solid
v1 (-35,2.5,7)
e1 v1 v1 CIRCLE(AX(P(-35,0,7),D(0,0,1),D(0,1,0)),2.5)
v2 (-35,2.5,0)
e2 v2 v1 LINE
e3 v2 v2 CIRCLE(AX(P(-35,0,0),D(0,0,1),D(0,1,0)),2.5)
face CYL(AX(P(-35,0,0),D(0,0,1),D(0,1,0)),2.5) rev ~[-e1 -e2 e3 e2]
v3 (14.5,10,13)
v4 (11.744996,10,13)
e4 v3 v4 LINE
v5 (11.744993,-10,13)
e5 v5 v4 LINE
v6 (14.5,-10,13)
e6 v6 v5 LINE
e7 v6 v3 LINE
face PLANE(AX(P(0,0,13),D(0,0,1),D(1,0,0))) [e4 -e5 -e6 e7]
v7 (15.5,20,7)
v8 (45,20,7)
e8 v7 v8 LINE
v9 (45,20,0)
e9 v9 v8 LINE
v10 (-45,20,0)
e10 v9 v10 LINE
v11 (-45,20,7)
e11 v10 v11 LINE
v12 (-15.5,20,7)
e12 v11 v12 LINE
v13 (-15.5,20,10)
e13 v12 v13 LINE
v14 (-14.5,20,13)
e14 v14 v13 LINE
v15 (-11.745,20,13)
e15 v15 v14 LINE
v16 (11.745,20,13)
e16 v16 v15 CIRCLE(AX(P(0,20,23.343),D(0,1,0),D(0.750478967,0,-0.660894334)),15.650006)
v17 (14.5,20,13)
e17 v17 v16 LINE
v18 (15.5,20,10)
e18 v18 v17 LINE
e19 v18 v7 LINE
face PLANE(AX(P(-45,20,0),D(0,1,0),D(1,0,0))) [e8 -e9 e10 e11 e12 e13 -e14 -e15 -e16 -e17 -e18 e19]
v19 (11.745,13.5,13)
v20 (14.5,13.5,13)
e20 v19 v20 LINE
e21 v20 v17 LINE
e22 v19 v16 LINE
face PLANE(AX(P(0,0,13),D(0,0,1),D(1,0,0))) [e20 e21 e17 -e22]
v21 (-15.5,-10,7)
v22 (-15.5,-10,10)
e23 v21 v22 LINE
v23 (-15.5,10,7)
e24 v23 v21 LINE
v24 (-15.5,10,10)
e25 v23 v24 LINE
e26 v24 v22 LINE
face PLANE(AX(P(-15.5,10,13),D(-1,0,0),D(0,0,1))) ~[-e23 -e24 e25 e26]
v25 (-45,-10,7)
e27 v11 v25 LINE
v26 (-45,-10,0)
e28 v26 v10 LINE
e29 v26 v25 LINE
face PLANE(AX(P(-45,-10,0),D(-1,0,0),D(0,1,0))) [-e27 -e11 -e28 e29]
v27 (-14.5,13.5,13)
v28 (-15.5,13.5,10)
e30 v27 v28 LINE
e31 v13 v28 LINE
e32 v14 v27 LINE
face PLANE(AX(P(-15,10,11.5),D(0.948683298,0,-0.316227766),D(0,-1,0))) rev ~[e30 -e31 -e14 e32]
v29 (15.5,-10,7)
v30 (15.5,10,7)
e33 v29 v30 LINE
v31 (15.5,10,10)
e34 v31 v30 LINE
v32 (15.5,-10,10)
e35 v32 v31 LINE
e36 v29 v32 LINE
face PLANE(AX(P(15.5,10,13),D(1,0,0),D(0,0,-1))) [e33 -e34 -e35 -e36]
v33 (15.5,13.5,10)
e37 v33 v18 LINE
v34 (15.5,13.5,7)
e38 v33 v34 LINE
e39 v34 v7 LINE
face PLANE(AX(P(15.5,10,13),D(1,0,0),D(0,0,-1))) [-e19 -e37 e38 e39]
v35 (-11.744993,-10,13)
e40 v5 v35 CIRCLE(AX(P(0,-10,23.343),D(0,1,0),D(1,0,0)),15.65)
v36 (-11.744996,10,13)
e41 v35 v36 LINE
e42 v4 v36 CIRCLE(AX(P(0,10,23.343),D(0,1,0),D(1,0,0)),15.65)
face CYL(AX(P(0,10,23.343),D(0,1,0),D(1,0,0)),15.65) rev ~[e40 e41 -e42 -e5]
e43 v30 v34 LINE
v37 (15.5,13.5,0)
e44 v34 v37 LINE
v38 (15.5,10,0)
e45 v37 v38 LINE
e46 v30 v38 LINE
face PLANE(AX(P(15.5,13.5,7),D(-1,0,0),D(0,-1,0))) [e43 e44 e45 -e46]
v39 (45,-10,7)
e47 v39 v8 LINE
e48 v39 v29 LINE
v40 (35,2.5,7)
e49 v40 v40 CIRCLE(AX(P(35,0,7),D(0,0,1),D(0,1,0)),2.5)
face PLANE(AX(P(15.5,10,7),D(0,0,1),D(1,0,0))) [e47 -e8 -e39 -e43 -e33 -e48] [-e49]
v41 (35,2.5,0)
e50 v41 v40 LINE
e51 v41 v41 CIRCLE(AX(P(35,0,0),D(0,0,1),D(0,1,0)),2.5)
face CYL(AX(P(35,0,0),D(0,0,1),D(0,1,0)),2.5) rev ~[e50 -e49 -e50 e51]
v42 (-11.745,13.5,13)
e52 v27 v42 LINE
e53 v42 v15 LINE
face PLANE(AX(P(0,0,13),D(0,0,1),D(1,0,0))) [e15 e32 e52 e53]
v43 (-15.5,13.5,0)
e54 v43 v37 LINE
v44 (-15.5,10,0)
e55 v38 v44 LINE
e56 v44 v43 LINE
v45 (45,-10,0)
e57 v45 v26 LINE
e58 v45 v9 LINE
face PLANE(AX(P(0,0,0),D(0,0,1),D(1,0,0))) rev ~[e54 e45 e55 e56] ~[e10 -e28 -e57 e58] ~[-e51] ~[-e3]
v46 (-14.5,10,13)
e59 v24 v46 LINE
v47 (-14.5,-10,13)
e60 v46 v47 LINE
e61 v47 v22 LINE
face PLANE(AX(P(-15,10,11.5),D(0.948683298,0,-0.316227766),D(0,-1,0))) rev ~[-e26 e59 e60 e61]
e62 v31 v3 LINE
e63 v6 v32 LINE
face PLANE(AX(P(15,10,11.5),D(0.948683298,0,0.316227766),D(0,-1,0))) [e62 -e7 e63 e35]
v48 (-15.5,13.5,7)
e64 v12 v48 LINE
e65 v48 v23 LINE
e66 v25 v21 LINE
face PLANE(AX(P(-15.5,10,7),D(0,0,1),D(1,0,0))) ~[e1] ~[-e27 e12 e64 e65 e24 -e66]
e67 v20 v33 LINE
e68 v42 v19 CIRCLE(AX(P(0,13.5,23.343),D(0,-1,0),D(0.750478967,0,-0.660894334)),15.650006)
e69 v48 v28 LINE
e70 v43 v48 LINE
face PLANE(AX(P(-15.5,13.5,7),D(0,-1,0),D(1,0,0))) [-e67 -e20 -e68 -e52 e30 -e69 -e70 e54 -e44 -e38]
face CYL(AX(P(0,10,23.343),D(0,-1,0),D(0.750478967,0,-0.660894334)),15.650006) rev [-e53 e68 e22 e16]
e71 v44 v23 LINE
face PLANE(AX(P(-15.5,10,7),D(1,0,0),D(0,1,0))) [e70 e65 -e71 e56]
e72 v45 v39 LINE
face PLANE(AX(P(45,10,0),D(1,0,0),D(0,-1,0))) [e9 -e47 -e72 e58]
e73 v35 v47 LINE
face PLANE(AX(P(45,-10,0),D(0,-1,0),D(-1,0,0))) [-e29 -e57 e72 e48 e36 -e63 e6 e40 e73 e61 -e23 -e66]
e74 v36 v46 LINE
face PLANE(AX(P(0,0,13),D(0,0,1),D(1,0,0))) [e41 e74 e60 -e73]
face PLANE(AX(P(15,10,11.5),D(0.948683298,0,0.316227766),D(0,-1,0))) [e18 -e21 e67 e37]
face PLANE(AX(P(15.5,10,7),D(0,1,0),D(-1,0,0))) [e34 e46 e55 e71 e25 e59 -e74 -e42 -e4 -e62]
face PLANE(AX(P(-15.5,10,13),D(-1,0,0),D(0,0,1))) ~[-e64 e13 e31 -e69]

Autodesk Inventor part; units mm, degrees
ref_plane "YZ Plane" through (0, 0, 0) normal (1, 0, 0) x (0, 1, 0)
ref_plane "XZ Plane" through (0, 0, 0) normal (0, 1, 0) x (-1, 0, 0)
ref_plane "XY Plane" through (0, 0, 0) normal (0, 0, 1) x (1, 0, 0)
sketch "Sketch1" plane through (0, 0, 0) normal (0, 0, 1) x (1, 0, 0)
  line L0 (-45, 10) -> (45, 10)
  line L1 (45, 10) -> (45, -10)
  line L2 (45, -10) -> (-45, -10)
  line L3 (-45, -10) -> (-45, 10)
  point P0 (0, 0)
  point P1 (0, 10)
  point P2 (-45, 0)
  dimension "d0" = 20
  dimension "d1" = 90
extrude "Extrusion1" add sketch "Sketch1" along normal blind 13
sketch "Sketch3" plane through (-45, 10, 0) normal (0, 1, 0) x (1, 0, 0)
  line L0 (90, 0) -> (90, -13) projected
  line L1 (90, -13) -> (0, -13) projected
  line L2 (90, -13) -> (60.5, -13)
  line L3 (60.5, -13) -> (60.5, -7)
  line L4 (60.5, -7) -> (90, -7)
  line L5 (90, -7) -> (90, -13)
  point P0 (45, 0)
  point P1 (60.5, -13)
  dimension "d8" = 6
  dimension "d20" = 15.5
extrude "Extrusion2" cut sketch "Sketch3" against normal through all
mirror "Mirror1" about plane through (0, 0, 0) normal (1, 0, 0) of "Extrusion2"
sketch "Sketch4" plane through (-45, 10, 0) normal (0, 1, 0) x (1, 0, 0)
  line L0 (42, -26.343) -> (42, -14.343)
  line L1 (48, -22.843) -> (48, -17.843)
  line L2 (45, -24.843) -> (45, -15.843)
  line L3 (39, -27.343) -> (39, -13.343)
  line L4 (8, -14.343) -> (8, -26.343)
  line L5 (11, -13.343) -> (11, -27.343)
  line L6 (5, -15.843) -> (5, -24.843)
  line L7 (2, -17.843) -> (2, -22.843)
  circle A0 centre (45, -23.343) radius 15.65
  line L8 (90, 0) -> (0, 0) projected
  point P0 (45, 0)
  point P1 (45, 0)
  dimension "d21" = 31.3
  dimension "d22" = 23.343
extrude "Extrusion3" cut sketch "Sketch4" against normal through all
chamfer "Chamfer1" distance 1 distance2 3 1 edges at (-15.5, 0, 13) measured on face at (-12.9967, 3.3333, 13)
chamfer "Chamfer2" distance 1 distance2 3 1 edges at (15.5, 0, 13) measured on face at (14.2483, -3.3333, 13)
sketch "Sketch5" plane through (0, 0, 0) normal (0, 0, -1) x (-1, 0, 0)
  line L0 (45, -10) -> (-45, -10) projected
  line L1 (0, 23.0048) -> (0, -23.0048) construction
  point P0 (0, 0)
  point P1 (-35, 0)
  point P2 (35, 0)
  point P3 (0, 0)
  dimension "d23" = 70
hole "Hole1" at (35, 0, 0) at (-35, 0, 0) direction (0, 0, 1) diameter 5 end through all
sketch "Sketch6" plane through (-45, 10, 0) normal (0, 1, 0) x (1, 0, 0)
  line L0 (60.5, -10) -> (59.5, -13) projected
  line L1 (60.5, -10) -> (60.5, -7) projected
  line L2 (60.5, -7) -> (90, -7) projected
  line L3 (90, 0) -> (90, -7) projected
  line L4 (90, 0) -> (0, 0) projected
  line L5 (0, 0) -> (0, -7) projected
  line L6 (0, -7) -> (29.5, -7) projected
  line L7 (29.5, -7) -> (29.5, -10) projected
  line L8 (30.5, -13) -> (29.5, -10) projected
  line L9 (33.255, -13) -> (30.5, -13) projected
  arc A0 (56.745, -13) -> (33.255, -13) centre (45, -23.343) ccw projected
  line L10 (59.5, -13) -> (56.745, -13) projected
  line L11 (60.5, -7) -> (60.5, 0)
  line L12 (90, 0) -> (0, 0) projected
  line L13 (29.5, -7) -> (29.5, 0)
  line L14 (0, 0) -> (90, 0) projected
  point P0 (45, 0)
extrude "Extrusion4" add sketch "Sketch6" along normal blind 10
sketch "Sketch7" plane through (-45, -10, 7) normal (0, 0, 1) x (1, 0, 0)
  line L0 (29.5, 23.5) -> (60.5, 23.5)
  line L1 (60.5, 23.5) -> (60.5, 20)
  line L2 (60.5, 20) -> (29.5, 20)
  line L3 (29.5, 20) -> (29.5, 23.5)
  line L4 (13, 20) -> (27.9, 20)
  line L5 (90, 30) -> (0, 30) projected
  line L6 (60.5, 30) -> (60.5, 0) projected
  point P0 (45, 10)
  point P1 (45, 23.5)
  point P2 (45, 30)
  dimension "d33" = 3.5
extrude "Extrusion5" cut sketch "Sketch7" against normal through all both and the other way through all
properties part number "0008-10-004 Fixare seringa" material "ABS Plastic"
